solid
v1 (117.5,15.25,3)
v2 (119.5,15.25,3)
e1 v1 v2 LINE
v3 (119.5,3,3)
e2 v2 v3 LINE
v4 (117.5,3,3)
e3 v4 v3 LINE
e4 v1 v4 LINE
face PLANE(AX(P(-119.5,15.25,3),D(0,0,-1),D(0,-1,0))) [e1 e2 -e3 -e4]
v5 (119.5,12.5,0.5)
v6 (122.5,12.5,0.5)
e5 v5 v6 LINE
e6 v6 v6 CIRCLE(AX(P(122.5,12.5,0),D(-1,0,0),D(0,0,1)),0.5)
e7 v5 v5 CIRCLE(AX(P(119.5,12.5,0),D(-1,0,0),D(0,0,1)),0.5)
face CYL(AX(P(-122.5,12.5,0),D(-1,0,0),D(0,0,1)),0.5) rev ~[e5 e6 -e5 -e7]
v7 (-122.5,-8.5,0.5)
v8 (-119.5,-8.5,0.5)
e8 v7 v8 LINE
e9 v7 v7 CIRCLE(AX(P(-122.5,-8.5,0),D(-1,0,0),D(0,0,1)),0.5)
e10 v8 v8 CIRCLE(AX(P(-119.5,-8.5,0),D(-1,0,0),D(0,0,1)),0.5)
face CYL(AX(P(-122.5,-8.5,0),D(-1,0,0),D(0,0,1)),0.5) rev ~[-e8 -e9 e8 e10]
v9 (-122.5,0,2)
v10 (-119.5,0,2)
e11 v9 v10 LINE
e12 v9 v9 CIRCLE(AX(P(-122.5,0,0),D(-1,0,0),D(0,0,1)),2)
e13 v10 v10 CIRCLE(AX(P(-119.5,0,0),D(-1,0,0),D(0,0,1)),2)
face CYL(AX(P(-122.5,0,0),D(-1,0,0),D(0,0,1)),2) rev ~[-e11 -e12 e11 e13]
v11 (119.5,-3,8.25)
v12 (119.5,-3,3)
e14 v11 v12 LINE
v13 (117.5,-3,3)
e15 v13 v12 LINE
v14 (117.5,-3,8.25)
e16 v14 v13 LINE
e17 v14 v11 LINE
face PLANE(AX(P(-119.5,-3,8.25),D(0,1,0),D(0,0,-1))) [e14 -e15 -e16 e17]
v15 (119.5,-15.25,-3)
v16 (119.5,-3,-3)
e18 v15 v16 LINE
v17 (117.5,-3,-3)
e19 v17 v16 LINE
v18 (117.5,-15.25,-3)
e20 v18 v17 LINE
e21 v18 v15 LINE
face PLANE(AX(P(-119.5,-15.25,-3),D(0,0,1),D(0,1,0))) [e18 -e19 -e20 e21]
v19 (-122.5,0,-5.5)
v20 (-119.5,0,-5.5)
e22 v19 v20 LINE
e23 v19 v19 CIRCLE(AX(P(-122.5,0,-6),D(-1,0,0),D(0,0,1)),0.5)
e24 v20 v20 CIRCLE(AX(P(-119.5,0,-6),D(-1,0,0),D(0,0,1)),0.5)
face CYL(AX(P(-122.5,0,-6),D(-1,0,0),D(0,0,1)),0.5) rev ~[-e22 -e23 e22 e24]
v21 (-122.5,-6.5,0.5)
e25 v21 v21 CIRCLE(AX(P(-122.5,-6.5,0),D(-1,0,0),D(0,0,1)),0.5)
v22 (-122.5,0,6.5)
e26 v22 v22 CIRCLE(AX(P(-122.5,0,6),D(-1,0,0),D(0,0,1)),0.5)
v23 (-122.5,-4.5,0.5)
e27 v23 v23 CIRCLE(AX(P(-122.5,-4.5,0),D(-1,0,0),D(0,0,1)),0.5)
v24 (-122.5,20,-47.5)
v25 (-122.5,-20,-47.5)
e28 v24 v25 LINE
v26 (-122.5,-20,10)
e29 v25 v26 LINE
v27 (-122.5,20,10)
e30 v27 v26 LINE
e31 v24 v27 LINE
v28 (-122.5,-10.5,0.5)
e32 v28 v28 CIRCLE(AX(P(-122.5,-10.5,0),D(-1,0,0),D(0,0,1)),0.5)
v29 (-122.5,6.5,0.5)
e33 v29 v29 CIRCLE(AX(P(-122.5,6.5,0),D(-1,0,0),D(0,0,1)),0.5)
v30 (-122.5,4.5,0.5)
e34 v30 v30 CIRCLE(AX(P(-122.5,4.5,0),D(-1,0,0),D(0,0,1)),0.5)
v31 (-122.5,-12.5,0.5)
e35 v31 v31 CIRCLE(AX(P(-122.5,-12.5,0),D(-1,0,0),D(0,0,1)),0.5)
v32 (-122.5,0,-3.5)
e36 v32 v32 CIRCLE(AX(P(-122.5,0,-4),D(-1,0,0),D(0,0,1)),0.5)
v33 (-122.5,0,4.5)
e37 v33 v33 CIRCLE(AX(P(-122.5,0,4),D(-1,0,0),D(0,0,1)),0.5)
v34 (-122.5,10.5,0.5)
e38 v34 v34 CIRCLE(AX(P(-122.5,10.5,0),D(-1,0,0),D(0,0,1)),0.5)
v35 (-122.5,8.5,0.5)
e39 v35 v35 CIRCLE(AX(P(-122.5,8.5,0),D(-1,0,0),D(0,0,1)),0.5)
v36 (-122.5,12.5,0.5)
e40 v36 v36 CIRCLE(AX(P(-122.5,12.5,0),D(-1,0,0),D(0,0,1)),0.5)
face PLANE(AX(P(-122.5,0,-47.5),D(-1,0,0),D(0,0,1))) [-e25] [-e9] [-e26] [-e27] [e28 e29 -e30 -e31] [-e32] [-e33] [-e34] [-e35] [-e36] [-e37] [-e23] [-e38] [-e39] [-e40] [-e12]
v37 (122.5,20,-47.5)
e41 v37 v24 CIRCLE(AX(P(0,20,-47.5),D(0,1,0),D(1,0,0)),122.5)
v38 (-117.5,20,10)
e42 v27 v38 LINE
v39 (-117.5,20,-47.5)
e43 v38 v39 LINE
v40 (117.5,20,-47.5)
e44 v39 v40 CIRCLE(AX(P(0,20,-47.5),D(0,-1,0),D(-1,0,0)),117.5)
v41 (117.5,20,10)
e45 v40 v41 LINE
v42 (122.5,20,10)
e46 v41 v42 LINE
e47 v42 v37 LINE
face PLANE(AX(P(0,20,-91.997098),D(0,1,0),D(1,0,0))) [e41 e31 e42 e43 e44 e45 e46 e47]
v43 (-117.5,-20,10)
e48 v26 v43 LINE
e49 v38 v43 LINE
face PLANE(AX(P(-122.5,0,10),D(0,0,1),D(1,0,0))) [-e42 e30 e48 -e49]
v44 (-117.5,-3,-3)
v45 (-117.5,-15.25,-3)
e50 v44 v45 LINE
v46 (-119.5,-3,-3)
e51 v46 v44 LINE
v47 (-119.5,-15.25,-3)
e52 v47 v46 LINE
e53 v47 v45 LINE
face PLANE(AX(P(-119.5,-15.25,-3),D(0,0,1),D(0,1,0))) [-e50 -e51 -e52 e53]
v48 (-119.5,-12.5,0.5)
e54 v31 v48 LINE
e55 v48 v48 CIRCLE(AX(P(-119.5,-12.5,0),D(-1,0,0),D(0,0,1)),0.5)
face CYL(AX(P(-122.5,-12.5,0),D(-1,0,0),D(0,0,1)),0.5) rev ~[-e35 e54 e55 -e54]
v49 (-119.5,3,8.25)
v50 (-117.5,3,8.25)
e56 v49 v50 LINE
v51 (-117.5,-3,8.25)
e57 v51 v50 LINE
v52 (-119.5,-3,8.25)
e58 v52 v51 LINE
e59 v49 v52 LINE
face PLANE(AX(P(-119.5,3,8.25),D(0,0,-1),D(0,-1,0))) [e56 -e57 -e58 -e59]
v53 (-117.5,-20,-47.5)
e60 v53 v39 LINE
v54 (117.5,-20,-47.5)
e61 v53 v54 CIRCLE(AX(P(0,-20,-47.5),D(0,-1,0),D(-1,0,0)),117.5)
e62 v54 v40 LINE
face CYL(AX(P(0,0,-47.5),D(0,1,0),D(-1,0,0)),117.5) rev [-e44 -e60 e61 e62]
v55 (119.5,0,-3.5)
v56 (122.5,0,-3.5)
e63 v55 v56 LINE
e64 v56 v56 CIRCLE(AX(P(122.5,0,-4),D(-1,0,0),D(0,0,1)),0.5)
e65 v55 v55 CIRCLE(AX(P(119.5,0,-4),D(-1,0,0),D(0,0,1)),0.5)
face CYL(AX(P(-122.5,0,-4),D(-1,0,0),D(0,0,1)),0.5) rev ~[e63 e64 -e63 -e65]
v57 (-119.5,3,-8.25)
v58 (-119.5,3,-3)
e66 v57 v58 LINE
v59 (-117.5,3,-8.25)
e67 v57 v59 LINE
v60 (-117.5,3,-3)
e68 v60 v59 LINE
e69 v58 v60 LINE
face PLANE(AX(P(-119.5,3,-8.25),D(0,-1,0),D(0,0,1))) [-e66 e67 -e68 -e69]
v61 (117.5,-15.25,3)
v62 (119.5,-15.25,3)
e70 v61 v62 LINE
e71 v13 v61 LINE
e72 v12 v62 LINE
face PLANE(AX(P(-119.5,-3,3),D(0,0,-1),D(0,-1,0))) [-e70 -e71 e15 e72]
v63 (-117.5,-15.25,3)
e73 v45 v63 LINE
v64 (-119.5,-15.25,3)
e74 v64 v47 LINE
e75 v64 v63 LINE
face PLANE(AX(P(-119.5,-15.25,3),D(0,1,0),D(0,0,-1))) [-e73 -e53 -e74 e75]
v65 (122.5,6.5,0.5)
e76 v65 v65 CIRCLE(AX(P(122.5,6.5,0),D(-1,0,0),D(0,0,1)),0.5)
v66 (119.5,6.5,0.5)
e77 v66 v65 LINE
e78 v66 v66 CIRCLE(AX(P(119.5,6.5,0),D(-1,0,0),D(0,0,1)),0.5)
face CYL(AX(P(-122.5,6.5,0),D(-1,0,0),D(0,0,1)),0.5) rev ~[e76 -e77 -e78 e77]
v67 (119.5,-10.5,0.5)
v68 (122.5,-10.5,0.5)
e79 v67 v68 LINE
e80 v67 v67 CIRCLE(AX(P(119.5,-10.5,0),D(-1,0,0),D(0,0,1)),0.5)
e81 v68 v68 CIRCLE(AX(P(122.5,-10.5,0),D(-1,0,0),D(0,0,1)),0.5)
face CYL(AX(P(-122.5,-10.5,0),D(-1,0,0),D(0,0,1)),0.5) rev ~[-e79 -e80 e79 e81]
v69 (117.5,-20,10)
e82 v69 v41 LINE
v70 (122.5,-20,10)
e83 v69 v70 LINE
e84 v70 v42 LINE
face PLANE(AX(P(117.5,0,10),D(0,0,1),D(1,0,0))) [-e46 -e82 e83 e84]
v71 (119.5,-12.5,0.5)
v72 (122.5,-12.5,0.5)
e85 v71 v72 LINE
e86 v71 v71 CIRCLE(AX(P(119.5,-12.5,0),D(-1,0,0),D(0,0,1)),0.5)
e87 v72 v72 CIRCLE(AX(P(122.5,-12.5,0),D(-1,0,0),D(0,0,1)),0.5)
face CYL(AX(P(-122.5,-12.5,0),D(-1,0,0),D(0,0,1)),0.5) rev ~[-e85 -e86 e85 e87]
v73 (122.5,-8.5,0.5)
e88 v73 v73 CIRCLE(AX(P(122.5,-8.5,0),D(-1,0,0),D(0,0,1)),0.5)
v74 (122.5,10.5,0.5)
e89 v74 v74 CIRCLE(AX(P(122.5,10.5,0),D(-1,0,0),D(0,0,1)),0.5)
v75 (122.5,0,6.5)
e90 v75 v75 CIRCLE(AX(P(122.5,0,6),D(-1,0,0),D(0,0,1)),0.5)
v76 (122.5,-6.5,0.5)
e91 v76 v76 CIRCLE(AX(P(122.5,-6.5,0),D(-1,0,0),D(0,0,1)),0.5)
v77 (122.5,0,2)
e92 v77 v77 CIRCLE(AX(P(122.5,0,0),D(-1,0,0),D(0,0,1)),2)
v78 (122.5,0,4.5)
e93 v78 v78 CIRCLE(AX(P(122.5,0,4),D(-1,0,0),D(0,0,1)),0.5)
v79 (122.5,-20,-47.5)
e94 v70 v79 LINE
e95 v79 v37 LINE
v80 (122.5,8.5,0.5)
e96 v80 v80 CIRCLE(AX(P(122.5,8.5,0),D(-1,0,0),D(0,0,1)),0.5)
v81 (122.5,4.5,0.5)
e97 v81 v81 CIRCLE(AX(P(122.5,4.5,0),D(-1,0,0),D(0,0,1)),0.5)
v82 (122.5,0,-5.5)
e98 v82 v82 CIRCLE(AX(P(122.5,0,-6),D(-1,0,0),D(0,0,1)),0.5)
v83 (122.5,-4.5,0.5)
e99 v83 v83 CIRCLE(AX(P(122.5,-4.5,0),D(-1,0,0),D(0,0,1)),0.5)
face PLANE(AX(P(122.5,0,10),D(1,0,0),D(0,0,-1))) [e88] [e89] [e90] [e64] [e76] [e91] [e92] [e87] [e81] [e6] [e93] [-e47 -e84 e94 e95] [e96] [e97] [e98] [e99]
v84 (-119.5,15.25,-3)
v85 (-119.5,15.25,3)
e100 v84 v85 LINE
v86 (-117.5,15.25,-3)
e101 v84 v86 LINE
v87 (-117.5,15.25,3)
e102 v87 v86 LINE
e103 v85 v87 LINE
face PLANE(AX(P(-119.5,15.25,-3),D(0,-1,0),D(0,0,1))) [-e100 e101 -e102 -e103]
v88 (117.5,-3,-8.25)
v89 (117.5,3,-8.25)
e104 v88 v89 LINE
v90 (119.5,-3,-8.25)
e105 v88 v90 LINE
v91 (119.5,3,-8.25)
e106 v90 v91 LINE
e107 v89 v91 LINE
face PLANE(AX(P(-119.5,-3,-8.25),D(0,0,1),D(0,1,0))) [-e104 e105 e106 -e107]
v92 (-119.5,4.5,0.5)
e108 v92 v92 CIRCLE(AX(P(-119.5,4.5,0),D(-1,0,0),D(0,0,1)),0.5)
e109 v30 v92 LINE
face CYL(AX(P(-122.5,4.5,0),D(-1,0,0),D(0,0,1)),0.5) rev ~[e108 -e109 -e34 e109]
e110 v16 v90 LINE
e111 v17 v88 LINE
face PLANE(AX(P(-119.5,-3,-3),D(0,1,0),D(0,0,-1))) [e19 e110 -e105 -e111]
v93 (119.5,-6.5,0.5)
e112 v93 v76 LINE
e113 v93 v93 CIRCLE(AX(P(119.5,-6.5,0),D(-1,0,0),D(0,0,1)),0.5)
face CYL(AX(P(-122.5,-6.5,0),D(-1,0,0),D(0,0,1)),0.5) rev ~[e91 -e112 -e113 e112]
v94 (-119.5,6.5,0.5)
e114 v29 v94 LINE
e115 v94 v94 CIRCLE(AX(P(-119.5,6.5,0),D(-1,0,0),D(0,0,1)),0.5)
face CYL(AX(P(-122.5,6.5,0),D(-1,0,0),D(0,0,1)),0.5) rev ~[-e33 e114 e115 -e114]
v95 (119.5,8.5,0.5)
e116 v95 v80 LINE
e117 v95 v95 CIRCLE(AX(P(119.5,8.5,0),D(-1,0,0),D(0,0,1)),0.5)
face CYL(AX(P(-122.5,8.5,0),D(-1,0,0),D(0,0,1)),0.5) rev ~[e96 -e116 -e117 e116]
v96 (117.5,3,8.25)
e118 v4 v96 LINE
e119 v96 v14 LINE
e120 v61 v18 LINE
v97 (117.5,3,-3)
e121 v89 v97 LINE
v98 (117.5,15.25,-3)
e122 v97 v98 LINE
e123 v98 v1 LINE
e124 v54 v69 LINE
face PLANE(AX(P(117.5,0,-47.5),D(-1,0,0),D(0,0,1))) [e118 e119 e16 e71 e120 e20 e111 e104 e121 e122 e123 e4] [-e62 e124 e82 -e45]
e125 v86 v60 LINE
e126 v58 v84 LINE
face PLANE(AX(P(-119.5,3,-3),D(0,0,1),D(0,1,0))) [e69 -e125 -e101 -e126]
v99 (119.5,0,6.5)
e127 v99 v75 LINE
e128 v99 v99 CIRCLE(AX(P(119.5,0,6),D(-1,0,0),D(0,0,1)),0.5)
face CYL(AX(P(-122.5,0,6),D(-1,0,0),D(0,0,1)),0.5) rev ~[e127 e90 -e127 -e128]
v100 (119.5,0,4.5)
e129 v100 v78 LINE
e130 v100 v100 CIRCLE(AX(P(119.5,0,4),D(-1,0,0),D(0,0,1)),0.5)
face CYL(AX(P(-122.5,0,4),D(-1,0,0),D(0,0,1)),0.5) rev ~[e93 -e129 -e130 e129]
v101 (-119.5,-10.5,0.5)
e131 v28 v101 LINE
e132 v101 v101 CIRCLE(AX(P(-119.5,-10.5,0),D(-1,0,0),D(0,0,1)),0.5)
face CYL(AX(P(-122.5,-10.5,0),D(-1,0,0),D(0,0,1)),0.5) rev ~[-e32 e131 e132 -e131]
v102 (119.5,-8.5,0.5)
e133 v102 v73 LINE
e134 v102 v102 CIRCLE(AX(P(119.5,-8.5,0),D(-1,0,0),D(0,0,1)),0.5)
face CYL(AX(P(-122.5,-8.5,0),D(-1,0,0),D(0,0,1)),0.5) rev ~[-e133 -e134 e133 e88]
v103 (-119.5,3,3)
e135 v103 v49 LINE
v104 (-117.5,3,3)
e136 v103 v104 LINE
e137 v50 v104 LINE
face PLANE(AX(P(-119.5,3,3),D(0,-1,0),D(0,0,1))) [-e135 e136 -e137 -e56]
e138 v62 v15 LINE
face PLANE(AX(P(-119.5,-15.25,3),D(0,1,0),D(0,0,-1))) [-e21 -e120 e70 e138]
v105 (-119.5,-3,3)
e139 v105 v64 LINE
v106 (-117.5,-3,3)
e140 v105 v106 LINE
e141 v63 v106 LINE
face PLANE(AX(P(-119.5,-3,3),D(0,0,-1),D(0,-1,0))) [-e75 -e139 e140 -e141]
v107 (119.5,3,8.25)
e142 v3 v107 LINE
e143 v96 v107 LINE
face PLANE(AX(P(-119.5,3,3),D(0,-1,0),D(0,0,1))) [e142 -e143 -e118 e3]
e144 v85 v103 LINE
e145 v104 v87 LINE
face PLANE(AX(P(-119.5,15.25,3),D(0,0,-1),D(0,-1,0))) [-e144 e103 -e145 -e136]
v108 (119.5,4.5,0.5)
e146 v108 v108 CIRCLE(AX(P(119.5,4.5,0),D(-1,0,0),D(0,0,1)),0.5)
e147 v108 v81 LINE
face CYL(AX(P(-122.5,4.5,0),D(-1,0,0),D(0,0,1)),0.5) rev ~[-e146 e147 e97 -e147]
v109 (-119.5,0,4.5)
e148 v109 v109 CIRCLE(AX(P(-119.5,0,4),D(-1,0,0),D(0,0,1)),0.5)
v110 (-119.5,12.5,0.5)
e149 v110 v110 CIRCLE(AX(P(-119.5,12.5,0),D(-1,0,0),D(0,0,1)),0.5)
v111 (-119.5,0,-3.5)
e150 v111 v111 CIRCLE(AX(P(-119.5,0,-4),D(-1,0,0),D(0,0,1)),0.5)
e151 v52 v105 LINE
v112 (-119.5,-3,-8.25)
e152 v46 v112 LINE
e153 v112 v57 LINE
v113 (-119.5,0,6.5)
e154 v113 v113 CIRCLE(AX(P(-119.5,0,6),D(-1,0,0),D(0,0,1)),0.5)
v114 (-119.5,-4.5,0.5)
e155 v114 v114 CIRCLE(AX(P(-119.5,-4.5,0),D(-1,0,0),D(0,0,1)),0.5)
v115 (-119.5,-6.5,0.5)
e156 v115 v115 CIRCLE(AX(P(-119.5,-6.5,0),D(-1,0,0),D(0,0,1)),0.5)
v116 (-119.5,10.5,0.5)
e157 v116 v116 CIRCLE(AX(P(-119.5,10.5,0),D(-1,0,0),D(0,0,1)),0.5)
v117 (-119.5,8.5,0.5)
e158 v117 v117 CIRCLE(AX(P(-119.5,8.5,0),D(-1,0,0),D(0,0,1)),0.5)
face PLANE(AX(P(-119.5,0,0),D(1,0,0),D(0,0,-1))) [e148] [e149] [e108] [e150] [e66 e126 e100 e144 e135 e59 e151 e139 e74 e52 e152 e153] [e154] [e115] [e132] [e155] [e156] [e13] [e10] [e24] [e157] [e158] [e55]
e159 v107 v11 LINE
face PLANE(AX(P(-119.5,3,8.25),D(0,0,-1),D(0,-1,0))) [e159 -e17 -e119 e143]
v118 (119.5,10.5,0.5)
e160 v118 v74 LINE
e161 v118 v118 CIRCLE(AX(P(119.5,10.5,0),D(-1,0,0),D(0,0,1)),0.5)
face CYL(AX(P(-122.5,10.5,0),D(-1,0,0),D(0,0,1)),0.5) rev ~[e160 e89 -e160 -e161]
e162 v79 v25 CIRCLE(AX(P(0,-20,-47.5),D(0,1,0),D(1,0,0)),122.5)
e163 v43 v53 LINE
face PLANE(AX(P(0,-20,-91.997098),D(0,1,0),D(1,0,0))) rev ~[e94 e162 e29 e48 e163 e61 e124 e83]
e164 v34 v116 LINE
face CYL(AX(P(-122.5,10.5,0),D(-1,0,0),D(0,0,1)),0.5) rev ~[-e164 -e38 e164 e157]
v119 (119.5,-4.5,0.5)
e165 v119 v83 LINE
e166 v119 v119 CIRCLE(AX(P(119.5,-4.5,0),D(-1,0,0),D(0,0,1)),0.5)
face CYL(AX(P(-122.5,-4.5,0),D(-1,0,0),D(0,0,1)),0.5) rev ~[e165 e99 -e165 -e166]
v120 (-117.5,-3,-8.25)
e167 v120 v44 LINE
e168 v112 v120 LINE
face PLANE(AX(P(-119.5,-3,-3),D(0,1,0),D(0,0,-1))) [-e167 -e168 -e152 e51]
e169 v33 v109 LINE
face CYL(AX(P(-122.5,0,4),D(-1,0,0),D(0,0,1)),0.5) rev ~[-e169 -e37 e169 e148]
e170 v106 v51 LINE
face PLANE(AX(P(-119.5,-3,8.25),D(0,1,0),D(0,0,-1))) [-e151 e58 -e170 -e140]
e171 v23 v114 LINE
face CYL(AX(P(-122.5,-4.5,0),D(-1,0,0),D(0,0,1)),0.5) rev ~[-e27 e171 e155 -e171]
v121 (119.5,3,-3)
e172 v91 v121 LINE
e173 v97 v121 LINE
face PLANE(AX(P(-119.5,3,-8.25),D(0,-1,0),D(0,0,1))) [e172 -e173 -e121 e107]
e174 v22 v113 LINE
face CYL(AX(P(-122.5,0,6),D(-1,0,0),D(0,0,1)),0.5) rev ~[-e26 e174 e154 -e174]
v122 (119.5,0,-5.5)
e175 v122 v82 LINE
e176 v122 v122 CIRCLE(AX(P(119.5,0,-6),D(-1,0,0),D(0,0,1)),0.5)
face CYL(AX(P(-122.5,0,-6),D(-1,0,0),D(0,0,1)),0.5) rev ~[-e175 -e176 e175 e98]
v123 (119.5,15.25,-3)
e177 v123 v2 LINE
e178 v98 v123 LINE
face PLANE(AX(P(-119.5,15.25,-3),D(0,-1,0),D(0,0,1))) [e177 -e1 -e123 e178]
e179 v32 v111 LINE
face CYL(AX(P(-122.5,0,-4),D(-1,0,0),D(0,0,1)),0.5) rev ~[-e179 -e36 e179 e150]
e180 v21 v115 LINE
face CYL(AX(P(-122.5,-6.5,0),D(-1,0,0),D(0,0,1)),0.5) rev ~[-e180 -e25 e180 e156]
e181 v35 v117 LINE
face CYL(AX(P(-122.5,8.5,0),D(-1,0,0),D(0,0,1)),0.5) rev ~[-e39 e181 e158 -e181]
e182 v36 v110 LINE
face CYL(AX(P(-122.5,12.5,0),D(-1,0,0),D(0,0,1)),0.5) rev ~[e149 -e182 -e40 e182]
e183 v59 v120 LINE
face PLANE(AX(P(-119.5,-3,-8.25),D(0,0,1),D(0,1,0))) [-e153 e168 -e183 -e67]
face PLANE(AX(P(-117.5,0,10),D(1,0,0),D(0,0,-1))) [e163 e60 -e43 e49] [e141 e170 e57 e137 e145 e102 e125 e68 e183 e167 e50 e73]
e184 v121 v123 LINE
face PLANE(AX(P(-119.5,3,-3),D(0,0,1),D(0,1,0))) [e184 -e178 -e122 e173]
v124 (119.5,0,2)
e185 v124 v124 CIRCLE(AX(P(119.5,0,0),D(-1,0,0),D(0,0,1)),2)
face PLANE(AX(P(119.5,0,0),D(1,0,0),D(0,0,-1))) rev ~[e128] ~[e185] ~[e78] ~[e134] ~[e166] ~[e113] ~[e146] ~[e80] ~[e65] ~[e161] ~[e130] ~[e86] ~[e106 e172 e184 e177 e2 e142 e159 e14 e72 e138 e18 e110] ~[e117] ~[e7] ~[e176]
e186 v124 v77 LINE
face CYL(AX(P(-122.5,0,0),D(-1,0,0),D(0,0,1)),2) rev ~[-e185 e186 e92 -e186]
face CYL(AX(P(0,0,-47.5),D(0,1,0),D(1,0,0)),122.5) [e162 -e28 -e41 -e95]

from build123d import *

# Parameters (mm, degrees)
BOSS_EXTRUDE1_DEPTH = 20
SKETCH2_R           = 2
SKETCH2_R_2         = 0.5
CUT_EXTRUDE1_DEPTH  = 299.872882678
CUT_EXTRUDE2_START  = -2
CUT_EXTRUDE2_DEPTH  = 239


with BuildPart() as part:
    # Sketch1 → Boss-Extrude1 (new, symmetric)
    with BuildSketch(Plane(origin=(0, 0, 0), x_dir=(1, 0, 0), z_dir=(0, 1, 0))):
        with BuildLine():
            Line((-117.5, -10), (-117.5, 10))
            Line((-117.5, 10), (-117.5, 47.5))
            ThreePointArc((-117.5, 47.5), (0, 165), (117.5, 47.5))
            Line((117.5, 47.5), (117.5, 10))
            Line((117.5, 10), (117.5, -10))
            Line((117.5, -10), (122.5, -10))
            Line((122.5, -10), (122.5, 47.5))
            ThreePointArc((122.5, 47.5), (0, 170), (-122.5, 47.5))
            Line((-122.5, 47.5), (-122.5, -10))
            Line((-122.5, -10), (-117.5, -10))
        make_face()
    extrude(amount=BOSS_EXTRUDE1_DEPTH, both=True)

    # Sketch2 → Cut-Extrude1 (cut, through all)
    with BuildSketch(Plane.ZY.offset(122.5)):
        Circle(SKETCH2_R)
        with Locations((4, 0)):
            Circle(SKETCH2_R_2)
        with Locations((6, 0)):
            Circle(SKETCH2_R_2)
        with Locations((-6, 0)):
            Circle(SKETCH2_R_2)
        with Locations((-4, 0)):
            Circle(SKETCH2_R_2)
        with Locations((0, 4.5)):
            Circle(SKETCH2_R_2)
        with Locations((0, 6.5)):
            Circle(SKETCH2_R_2)
        with Locations((0, 8.5)):
            Circle(SKETCH2_R_2)
        with Locations((0, 10.5)):
            Circle(SKETCH2_R_2)
        with Locations((0, 12.5)):
            Circle(SKETCH2_R_2)
        with Locations((0, -12.5)):
            Circle(SKETCH2_R_2)
        with Locations((0, -10.5)):
            Circle(SKETCH2_R_2)
        with Locations((0, -8.5)):
            Circle(SKETCH2_R_2)
        with Locations((0, -6.5)):
            Circle(SKETCH2_R_2)
        with Locations((0, -4.5)):
            Circle(SKETCH2_R_2)
    extrude(amount=-CUT_EXTRUDE1_DEPTH, mode=Mode.SUBTRACT)

    # Sketch3 → Cut-Extrude2 (cut)
    with BuildSketch(Plane(origin=(-117.5, 0, 0), x_dir=(0, 0, -1), z_dir=(1, 0, 0)).offset(CUT_EXTRUDE2_START)):
        Polygon((-8.25, 3), (-8.25, -3), (-3, -3), (-3, -15.25), (3, -15.25), (3, -3), (8.25, -3), (8.25, 3), (3, 3), (3, 15.25), (-3, 15.25), (-3, 3), align=None)
    extrude(amount=CUT_EXTRUDE2_DEPTH, mode=Mode.SUBTRACT)


solid = part.part
